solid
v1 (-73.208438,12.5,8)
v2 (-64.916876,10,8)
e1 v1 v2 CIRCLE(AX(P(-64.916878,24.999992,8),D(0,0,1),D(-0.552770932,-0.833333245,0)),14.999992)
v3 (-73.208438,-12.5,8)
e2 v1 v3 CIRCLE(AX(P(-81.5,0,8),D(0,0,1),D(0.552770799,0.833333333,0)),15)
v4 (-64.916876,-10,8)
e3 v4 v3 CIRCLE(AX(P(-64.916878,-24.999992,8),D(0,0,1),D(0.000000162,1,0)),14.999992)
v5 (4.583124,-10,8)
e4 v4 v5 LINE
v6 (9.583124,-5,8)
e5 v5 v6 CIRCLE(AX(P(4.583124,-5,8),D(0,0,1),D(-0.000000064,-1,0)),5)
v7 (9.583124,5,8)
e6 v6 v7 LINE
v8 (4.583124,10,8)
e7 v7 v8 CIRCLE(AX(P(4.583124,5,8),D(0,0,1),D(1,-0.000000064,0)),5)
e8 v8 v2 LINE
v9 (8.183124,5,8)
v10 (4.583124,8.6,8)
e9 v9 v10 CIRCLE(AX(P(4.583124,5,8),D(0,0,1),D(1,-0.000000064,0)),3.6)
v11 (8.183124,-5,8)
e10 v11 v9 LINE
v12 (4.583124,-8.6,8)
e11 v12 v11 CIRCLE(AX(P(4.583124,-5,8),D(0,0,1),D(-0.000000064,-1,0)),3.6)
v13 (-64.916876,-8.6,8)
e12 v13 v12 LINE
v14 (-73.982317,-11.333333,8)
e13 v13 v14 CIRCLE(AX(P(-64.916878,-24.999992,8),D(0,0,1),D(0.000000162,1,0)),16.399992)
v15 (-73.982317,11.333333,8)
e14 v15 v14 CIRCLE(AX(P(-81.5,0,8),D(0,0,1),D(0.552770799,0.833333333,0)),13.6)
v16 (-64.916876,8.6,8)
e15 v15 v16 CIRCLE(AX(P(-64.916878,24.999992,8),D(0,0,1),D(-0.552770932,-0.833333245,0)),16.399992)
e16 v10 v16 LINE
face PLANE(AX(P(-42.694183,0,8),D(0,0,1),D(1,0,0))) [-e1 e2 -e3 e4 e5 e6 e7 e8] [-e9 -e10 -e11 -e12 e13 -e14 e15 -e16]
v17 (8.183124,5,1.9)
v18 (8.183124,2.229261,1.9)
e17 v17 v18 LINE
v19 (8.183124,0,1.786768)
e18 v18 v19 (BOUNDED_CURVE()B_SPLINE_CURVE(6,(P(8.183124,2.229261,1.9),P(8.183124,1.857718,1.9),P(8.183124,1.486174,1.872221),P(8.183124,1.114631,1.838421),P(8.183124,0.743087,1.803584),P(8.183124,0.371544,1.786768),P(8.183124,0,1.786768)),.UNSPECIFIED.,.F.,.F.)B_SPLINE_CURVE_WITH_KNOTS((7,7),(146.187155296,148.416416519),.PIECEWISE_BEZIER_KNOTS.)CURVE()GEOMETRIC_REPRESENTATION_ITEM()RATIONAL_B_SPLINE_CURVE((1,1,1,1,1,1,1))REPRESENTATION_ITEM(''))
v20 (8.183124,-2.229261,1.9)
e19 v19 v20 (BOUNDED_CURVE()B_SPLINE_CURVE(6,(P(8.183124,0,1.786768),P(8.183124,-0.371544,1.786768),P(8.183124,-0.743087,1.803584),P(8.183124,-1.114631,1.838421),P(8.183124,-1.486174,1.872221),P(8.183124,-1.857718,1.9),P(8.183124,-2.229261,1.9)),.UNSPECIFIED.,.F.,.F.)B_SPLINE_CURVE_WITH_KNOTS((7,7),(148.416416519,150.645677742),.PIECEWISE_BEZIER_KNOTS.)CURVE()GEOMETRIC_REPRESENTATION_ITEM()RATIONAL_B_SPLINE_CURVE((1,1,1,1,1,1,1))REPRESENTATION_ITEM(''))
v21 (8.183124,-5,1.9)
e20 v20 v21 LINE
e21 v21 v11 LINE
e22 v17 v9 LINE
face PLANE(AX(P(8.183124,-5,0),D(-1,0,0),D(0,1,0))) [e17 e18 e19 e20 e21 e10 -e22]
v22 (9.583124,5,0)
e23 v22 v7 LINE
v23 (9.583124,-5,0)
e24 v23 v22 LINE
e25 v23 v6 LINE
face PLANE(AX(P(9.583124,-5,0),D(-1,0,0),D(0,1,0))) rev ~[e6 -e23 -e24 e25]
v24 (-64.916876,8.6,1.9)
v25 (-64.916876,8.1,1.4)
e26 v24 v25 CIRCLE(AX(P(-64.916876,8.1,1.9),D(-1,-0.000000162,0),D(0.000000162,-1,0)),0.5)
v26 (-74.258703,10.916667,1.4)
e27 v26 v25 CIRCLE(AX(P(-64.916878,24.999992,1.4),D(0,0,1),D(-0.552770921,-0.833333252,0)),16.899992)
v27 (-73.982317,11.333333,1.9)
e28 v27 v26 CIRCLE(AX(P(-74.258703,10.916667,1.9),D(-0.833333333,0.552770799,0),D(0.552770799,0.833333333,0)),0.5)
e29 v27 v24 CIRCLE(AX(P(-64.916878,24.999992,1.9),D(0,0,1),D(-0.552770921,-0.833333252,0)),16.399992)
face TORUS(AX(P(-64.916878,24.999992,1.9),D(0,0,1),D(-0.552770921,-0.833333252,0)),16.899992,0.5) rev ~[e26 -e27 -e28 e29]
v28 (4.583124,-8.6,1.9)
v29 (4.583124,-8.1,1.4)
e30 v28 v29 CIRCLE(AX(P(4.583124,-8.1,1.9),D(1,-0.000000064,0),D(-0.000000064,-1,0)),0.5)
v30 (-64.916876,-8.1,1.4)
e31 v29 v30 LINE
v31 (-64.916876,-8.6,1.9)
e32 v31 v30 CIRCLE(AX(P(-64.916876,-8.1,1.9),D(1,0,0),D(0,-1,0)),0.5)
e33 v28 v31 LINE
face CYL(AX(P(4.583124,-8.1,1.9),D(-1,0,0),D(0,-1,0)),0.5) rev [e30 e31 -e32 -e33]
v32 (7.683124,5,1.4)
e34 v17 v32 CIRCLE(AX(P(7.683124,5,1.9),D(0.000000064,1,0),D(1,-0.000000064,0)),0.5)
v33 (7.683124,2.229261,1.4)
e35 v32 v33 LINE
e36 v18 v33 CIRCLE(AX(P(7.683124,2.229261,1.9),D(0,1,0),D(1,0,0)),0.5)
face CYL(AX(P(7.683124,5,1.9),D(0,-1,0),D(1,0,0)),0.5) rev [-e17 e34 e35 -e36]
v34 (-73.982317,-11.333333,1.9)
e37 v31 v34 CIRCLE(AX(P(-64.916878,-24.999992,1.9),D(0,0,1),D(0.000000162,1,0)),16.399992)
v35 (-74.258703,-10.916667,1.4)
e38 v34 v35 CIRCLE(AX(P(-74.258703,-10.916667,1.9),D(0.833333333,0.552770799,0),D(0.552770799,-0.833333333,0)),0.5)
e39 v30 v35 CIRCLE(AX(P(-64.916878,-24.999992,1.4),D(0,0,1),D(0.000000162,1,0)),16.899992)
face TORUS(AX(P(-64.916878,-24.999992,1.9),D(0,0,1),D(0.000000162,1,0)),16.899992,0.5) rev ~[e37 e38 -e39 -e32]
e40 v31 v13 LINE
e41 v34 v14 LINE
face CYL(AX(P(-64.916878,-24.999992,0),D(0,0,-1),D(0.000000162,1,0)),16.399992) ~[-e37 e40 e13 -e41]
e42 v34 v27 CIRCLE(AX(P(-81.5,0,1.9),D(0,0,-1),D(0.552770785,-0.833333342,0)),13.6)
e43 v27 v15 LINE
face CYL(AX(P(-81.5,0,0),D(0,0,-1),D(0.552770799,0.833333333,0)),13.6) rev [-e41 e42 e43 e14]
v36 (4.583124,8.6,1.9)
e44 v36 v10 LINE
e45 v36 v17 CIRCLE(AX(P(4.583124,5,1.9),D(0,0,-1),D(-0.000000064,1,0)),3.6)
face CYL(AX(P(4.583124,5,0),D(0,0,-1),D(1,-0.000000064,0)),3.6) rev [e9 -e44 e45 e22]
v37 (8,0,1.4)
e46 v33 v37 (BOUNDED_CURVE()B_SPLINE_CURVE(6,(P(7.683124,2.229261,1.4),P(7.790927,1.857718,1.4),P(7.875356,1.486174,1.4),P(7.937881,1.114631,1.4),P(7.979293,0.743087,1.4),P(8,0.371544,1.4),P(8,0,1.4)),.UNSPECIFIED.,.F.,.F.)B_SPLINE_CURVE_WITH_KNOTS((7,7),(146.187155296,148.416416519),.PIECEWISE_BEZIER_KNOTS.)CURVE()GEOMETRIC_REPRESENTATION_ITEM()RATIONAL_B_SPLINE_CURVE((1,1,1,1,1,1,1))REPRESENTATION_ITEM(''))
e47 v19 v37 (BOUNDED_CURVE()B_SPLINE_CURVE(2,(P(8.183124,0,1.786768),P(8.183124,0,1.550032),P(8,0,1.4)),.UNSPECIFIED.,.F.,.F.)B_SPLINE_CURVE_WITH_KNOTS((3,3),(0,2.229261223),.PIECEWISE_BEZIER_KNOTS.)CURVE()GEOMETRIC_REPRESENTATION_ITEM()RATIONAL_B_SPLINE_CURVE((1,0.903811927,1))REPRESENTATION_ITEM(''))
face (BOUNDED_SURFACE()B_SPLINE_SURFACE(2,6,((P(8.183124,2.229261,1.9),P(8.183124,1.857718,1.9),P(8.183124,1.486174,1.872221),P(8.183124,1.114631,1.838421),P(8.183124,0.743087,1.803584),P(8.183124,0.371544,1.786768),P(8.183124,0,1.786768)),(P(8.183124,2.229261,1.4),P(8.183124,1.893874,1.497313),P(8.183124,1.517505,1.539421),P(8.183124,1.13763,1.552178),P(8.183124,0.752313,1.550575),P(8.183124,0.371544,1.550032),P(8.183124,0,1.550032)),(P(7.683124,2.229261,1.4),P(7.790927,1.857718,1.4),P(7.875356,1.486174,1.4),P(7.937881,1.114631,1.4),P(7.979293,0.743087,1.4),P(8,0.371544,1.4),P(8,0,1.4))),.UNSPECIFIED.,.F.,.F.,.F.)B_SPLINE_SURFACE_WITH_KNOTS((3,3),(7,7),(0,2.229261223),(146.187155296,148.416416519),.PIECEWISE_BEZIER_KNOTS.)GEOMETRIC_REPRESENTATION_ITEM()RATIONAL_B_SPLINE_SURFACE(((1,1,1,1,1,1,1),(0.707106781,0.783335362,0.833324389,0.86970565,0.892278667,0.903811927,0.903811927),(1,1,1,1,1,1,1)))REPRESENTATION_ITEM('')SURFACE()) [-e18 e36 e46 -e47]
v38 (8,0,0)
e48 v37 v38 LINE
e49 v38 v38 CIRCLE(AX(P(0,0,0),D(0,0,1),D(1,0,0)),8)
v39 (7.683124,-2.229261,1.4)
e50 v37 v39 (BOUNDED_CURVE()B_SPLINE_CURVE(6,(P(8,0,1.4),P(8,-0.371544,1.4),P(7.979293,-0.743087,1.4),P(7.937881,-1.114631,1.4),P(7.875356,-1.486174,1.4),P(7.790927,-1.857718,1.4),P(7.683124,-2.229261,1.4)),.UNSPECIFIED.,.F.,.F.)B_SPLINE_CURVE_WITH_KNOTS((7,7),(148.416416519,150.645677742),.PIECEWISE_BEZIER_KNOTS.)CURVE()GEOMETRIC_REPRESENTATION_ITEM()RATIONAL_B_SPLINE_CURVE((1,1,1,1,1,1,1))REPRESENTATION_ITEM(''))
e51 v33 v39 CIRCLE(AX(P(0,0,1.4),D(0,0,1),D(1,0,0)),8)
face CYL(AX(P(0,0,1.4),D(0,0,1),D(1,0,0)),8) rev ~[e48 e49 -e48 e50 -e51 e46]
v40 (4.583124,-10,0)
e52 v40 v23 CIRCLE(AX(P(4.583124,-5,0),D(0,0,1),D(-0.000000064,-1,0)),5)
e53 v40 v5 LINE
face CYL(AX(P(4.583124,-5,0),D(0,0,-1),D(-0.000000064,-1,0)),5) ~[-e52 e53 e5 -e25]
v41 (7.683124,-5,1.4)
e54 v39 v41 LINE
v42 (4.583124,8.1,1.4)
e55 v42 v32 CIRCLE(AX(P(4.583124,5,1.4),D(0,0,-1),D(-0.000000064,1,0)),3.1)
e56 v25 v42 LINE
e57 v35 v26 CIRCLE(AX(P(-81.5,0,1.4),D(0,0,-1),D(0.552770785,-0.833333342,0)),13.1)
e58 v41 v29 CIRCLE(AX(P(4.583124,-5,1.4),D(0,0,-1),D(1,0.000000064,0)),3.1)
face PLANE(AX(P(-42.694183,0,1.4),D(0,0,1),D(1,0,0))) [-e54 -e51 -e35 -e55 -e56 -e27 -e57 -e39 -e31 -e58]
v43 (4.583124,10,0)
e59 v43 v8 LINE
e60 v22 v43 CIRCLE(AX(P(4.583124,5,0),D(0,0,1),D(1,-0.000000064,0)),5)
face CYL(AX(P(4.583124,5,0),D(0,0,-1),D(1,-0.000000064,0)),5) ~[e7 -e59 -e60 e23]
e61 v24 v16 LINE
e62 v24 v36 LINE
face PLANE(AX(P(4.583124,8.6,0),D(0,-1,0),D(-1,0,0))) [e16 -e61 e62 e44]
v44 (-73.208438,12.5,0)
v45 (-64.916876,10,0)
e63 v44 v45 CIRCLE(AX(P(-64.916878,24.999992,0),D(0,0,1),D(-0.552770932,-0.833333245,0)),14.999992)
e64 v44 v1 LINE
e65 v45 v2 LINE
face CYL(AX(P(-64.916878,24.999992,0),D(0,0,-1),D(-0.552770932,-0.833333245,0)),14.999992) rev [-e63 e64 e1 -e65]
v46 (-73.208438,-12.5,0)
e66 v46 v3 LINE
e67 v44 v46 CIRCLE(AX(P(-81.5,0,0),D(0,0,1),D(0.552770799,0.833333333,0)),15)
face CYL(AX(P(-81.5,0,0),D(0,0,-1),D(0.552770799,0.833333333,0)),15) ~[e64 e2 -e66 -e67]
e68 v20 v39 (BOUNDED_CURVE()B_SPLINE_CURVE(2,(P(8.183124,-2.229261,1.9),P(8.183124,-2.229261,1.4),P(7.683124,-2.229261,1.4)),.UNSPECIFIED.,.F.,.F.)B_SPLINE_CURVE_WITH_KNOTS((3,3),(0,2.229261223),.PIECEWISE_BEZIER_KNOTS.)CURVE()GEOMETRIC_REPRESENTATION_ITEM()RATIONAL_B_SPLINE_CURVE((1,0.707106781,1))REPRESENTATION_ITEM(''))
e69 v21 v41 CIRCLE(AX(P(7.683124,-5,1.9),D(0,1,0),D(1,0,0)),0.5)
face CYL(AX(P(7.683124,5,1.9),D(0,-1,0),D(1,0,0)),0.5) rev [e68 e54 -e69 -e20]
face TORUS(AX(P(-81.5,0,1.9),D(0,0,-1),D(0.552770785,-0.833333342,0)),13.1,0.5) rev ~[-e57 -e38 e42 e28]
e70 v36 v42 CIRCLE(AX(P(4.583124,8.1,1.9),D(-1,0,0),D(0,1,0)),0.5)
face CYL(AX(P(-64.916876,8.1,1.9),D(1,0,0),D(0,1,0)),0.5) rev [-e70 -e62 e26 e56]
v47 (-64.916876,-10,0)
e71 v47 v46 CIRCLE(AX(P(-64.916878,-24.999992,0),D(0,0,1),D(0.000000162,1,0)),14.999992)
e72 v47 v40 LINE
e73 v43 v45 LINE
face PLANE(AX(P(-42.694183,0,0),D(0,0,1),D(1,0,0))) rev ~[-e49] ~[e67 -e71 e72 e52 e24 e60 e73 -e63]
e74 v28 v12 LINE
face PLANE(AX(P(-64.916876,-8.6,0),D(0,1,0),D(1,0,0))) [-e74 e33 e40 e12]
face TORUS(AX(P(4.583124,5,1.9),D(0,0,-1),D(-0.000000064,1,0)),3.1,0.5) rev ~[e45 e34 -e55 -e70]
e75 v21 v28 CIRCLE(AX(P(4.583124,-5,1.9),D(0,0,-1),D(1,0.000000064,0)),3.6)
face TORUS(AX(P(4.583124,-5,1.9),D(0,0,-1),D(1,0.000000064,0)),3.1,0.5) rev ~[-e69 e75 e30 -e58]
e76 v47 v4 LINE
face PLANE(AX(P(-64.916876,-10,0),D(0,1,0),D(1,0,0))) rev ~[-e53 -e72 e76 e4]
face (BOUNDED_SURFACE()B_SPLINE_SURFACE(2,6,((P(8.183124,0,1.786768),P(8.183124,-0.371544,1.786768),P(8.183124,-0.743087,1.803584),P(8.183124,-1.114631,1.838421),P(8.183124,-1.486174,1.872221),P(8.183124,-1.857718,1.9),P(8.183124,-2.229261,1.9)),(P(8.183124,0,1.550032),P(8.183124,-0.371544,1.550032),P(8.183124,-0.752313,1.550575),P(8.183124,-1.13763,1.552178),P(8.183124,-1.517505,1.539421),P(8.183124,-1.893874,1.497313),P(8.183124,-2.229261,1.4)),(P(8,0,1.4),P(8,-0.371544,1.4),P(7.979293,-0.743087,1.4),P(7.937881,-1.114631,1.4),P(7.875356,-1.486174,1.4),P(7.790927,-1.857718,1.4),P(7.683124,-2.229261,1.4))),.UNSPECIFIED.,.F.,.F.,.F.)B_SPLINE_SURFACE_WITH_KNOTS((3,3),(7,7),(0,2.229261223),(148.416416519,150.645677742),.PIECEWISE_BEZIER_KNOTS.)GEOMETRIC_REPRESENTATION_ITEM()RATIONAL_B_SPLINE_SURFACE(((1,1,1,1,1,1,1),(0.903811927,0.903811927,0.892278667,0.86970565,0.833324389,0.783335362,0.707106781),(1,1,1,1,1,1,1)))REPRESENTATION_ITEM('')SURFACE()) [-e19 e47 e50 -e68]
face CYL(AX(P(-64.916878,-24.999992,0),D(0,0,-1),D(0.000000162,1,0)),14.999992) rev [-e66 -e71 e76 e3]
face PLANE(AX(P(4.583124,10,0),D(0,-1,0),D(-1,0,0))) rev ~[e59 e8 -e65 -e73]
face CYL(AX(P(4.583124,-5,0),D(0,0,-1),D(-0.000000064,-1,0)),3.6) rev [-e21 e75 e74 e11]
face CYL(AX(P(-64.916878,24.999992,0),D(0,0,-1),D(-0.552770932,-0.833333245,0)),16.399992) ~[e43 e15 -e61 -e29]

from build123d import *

# Parameters (mm, degrees)
PAD_DEPTH    = 8
THICKNESS_T  = -1.4
SKETCH001_R  = 8
POCKET_DEPTH = 5
FILLET001_R  = 0.5


with BuildPart() as part:
    # Sketch → Pad (new body)
    with BuildSketch(Plane.XY):
        with BuildLine():
            Line((-64.916876, -10), (4.583124, -10))
            ThreePointArc((4.583124, -10), (8.118658, -8.535534), (9.583124, -5))
            Line((9.583124, -5), (9.583124, 5))
            ThreePointArc((9.583124, 5), (8.118658, 8.535534), (4.583124, 10))
            Line((4.583124, 10), (-64.916876, 10))
            ThreePointArc((-73.208438, 12.5), (-69.247003, 10.638593), (-64.916876, 10))
            ThreePointArc((-73.208438, 12.5), (-96.5, 0), (-73.208438, -12.5))
            ThreePointArc((-64.916876, -10), (-69.247003, -10.638593), (-73.208438, -12.5))
        make_face()
    extrude(amount=PAD_DEPTH)

    # Thickness
    thickness_openings = [part.faces().sort_by_distance(p)[0] for p in [
        (-45.837274, 0, 8),
    ]]
    offset(amount=THICKNESS_T, openings=thickness_openings)

    # Sketch001 (on Face19 of Thickness) → Pocket (cut)
    with BuildSketch(Plane.XY.offset(1.4)):
        Circle(SKETCH001_R)
    extrude(amount=-POCKET_DEPTH, mode=Mode.SUBTRACT)

    # Fillet001
    fillet001_edges = [part.edges().sort_by_distance(p)[0] for p in [
        (-95.1, 0, 1.4),
    ]]
    fillet(fillet001_edges, radius=FILLET001_R)


solid = part.part
